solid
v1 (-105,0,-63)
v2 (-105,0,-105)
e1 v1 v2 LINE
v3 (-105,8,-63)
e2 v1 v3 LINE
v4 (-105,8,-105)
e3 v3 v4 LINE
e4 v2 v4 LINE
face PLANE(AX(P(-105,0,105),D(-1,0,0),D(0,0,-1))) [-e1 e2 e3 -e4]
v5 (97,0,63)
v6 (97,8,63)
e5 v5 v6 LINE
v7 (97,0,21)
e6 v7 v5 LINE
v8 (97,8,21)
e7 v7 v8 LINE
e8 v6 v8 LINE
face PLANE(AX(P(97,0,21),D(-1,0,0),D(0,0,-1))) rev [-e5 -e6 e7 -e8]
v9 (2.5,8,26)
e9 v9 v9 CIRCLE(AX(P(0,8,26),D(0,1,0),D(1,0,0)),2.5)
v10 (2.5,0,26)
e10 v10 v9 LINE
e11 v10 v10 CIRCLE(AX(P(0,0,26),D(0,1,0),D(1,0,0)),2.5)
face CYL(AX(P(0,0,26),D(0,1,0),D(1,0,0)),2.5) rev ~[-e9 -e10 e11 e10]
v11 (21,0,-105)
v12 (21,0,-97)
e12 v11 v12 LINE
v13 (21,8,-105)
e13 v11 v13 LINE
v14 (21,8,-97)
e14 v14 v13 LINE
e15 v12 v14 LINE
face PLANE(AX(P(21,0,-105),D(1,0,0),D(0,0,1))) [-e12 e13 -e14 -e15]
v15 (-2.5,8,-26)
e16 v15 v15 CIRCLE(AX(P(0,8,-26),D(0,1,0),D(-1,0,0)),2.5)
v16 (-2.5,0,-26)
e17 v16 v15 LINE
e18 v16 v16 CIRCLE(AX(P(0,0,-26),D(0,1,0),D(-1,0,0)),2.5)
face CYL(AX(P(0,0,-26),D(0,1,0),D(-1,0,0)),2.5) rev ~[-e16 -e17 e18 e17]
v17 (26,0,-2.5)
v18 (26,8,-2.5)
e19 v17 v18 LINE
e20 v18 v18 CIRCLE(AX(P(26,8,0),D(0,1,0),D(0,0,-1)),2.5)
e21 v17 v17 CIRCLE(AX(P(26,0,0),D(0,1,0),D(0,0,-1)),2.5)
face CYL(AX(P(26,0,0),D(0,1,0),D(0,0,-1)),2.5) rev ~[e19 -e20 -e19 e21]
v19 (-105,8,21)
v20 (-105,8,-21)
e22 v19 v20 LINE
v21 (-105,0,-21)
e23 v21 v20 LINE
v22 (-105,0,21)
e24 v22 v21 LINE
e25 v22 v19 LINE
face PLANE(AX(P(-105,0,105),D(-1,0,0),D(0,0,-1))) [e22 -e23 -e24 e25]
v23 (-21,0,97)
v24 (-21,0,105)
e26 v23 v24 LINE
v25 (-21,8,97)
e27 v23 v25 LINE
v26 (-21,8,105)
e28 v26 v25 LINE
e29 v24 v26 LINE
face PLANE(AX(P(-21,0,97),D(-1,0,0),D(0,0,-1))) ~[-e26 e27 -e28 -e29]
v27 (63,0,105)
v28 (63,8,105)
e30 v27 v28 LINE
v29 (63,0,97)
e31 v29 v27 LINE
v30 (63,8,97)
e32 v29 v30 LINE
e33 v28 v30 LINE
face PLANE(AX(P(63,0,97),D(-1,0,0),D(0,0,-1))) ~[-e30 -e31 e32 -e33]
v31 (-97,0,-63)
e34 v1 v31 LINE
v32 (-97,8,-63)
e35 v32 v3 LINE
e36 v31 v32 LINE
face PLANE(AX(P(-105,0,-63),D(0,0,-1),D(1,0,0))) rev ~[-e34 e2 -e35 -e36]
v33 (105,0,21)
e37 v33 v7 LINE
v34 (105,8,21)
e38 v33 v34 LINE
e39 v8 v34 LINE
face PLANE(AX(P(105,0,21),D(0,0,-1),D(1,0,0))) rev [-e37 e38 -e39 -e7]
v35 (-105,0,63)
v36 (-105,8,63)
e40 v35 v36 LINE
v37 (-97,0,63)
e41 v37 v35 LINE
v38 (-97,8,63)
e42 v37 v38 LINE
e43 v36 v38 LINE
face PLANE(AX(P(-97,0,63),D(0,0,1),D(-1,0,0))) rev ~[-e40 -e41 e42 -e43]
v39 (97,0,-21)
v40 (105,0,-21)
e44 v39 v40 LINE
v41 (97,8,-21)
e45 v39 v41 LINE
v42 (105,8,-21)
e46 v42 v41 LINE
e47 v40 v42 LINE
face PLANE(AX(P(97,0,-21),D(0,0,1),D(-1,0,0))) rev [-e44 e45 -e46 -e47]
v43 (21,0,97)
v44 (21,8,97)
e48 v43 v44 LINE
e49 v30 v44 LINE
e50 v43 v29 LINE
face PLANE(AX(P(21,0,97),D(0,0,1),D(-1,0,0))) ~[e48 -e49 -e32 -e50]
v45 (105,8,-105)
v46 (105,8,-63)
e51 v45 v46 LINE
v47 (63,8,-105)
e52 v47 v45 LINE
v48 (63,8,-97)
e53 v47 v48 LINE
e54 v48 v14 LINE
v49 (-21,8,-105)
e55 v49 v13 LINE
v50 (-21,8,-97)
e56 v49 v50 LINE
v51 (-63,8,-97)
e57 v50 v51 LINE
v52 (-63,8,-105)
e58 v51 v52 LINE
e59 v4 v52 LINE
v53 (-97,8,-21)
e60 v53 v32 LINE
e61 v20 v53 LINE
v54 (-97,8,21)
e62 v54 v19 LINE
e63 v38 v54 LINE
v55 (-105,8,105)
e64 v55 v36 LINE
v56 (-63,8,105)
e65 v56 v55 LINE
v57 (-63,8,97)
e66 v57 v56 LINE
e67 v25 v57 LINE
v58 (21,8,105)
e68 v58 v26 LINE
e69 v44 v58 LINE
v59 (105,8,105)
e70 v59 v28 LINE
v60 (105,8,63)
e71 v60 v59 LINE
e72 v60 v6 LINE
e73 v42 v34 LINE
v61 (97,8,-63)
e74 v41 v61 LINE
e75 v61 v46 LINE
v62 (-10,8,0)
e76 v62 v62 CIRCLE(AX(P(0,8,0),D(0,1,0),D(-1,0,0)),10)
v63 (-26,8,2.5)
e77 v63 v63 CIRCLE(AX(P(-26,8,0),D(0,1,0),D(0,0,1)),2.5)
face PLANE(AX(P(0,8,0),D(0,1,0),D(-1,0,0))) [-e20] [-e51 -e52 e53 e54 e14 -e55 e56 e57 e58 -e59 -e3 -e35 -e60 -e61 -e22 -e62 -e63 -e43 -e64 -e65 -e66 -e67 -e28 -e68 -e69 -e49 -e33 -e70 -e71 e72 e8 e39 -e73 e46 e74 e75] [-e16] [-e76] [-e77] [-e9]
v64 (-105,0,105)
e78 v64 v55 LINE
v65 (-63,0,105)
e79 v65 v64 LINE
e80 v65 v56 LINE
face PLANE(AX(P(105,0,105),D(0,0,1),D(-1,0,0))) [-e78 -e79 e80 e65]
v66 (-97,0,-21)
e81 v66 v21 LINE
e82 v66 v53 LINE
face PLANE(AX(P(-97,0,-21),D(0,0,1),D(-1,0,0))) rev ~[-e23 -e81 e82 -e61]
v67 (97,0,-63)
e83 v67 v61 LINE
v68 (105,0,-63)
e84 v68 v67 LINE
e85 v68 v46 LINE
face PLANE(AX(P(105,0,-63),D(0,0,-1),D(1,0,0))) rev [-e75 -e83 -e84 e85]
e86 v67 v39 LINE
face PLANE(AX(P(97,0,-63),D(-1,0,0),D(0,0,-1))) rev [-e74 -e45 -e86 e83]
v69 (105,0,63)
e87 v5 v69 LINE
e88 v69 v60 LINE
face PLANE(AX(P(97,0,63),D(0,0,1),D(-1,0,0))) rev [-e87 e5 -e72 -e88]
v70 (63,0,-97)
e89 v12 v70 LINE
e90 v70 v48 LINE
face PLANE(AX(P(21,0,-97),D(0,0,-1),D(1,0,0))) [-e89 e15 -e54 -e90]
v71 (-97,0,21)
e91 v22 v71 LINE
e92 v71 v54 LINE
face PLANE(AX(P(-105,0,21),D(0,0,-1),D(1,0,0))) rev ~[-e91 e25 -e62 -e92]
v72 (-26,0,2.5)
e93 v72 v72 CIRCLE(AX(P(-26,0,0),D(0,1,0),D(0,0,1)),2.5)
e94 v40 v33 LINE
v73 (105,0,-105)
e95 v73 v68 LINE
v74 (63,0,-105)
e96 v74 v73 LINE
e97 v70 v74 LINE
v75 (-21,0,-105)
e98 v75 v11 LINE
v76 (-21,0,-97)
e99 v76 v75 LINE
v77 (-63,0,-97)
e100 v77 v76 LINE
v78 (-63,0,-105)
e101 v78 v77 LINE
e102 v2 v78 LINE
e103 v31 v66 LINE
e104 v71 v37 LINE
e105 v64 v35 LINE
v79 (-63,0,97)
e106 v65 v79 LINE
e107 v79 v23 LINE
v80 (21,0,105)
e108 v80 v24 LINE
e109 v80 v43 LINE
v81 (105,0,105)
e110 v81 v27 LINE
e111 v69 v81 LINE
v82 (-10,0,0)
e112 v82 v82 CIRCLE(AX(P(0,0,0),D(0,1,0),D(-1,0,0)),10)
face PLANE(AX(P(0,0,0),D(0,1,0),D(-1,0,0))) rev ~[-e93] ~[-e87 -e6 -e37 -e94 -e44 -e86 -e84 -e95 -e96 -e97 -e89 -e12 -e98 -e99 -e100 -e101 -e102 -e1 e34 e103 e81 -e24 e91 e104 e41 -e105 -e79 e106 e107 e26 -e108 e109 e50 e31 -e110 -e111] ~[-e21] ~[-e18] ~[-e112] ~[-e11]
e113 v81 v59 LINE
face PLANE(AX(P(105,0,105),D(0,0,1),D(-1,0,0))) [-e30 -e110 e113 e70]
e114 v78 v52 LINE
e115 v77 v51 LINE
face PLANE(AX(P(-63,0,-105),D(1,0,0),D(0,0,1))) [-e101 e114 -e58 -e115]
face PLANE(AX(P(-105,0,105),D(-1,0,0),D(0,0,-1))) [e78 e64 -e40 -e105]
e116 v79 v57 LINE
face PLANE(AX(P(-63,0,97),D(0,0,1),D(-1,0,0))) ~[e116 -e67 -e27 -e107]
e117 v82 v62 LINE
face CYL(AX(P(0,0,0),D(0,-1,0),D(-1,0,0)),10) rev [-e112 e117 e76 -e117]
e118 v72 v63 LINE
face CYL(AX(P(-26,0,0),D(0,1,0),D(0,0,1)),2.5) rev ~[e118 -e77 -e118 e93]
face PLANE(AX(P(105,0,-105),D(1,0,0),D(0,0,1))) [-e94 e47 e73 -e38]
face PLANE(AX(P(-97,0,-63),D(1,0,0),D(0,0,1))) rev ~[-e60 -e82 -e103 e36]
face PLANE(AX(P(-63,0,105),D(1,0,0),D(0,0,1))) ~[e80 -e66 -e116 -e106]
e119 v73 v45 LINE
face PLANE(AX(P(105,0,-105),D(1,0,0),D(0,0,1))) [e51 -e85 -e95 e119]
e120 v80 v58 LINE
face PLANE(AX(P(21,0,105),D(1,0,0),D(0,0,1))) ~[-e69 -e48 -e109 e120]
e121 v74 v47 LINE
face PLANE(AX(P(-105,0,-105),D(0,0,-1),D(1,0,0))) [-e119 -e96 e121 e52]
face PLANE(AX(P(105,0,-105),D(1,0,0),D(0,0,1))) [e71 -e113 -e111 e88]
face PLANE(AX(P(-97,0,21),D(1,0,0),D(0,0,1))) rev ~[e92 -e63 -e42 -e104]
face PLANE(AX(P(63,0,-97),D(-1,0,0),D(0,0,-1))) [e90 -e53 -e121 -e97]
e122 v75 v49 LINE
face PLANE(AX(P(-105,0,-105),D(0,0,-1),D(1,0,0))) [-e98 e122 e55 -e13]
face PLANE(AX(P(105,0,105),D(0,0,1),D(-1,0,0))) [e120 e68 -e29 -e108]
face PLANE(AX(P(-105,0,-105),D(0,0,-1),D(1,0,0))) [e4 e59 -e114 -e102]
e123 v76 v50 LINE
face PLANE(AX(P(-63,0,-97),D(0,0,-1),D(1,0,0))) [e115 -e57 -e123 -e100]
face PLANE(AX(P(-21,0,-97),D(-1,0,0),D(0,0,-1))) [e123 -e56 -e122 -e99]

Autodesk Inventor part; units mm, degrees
ref_plane "YZ Plane" through (0, 0, 0) normal (1, 0, 0) x (0, 1, 0)
ref_plane "XZ Plane" through (0, 0, 0) normal (0, 1, 0) x (-1, 0, 0)
ref_plane "XY Plane" through (0, 0, 0) normal (0, 0, 1) x (1, 0, 0)
sketch "Sketch2" plane through (0, 0, 0) normal (0, 1, 0) x (-1, 0, 0)
  line L0 (-105, 105) -> (105, 105)
  line L1 (105, 105) -> (105, -105)
  line L2 (105, -105) -> (-105, -105)
  line L3 (-105, -105) -> (-105, 105)
  line L4 (-105, 105) -> (105, -105) construction
  line L5 (105, 105) -> (-105, -105) construction
  circle A0 centre (0, 0) radius 10
  dimension "d11" = 210
  dimension "d12" = 210
  dimension "d13" = 20
extrude "Extrusion2" add sketch "Sketch2" along normal blind 8
sketch "Sketch3" plane through (0, 0, 0) normal (0, -1, 0) x (1, 0, 0)
  point P0 (0, 0)
  point P1 (26, 0)
  dimension "d16" = 26
hole "Hole1" at (26, 0, 0) direction (0, 1, 0) diameter 5 depth 8 tip angle 118
pattern_circular "Circular Pattern1" count 4 over 360 about axis through (0, 0, 0) along (0, 1, 0) of "Hole1"
sketch "Sketch4" plane through (0, 0, 0) normal (0, -1, 0) x (1, 0, 0)
  circle A0 centre (0, 26) radius 2.5 projected
  circle A1 centre (-26, 0) radius 2.5 projected
  circle A2 centre (0, -26) radius 2.5 projected
  circle A3 centre (26, 0) radius 2.5 projected
  circle A4 centre (0, 0) radius 10 projected
  line L0 (105, 105) -> (-105, 105) projected
  line L1 (-105, 105) -> (-105, -105) projected
  line L2 (-105, -105) -> (105, -105) projected
  line L3 (105, -105) -> (105, 105) projected
  line L4 (-105, -63) -> (-97, -63)
  line L5 (-97, -63) -> (-97, -21)
  line L6 (-97, -21) -> (-105, -21)
  line L7 (-105, -21) -> (-105, -63)
  line L8 (-105, 21) -> (-97, 21)
  line L9 (-97, 21) -> (-97, 63)
  line L10 (-97, 63) -> (-105, 63)
  line L11 (-105, 63) -> (-105, 21)
  line L12 (-97, -21) -> (-97, 21) construction
  line L13 (-97, 63) -> (-97, 105) construction
  line L14 (-97, -63) -> (-97, -105)
  dimension "d27" = 8
extrude "Extrusion3" cut sketch "Sketch4" against normal through all contours L10 L9 L8 L1 | L4 L1 L6 L5
sketch "Sketch5" plane through (0, 0, 0) normal (0, -1, 0) x (1, 0, 0)
  line L0 (-97, 21) -> (-105, 21) projected
  line L1 (-105, 21) -> (-105, -21) projected
  line L2 (-105, -21) -> (-97, -21) projected
  line L3 (-97, -21) -> (-97, -63) projected
  line L4 (-97, -63) -> (-105, -63) projected
  line L5 (-105, -63) -> (-105, -105) projected
  line L6 (-105, -105) -> (105, -105) projected
  line L7 (105, -105) -> (105, 105) projected
  line L8 (105, 105) -> (-105, 105) projected
  line L9 (-105, 105) -> (-105, 63) projected
  line L10 (-105, 63) -> (-97, 63) projected
  line L11 (-97, 63) -> (-97, 21) projected
  circle A0 centre (0, 26) radius 2.5 projected
  circle A1 centre (-26, 0) radius 2.5 projected
  circle A2 centre (0, -26) radius 2.5 projected
  circle A3 centre (26, 0) radius 2.5 projected
  circle A4 centre (0, 0) radius 10 projected
  line L12 (63, -105) -> (21, -105)
  line L13 (21, -105) -> (21, -97)
  line L14 (21, -97) -> (63, -97)
  line L15 (63, -97) -> (63, -105)
  line L16 (-21, -105) -> (-63, -105)
  line L17 (-63, -105) -> (-63, -97)
  line L18 (-63, -97) -> (-21, -97)
  line L19 (-21, -97) -> (-21, -105)
  line L20 (63, -97) -> (105, -97) construction
  line L21 (21, -97) -> (-21, -97) construction
  line L22 (-63, -97) -> (-105, -97) construction
  dimension "d31" = 8
extrude "Extrusion4" cut sketch "Sketch5" against normal through all contours L6 L13 L14 L15 | L17 L18 L19 L6
mirror "Mirror1" about plane through (0, 0, 0) normal (1, 0, 0) of "Extrusion3"
mirror "Mirror2" about plane through (0, 0, 0) normal (0, 0, 1) of "Extrusion4"
equation "\"d11\" = d12"
properties part number "M01 - Base Top" material "Wood (Walnut)"
